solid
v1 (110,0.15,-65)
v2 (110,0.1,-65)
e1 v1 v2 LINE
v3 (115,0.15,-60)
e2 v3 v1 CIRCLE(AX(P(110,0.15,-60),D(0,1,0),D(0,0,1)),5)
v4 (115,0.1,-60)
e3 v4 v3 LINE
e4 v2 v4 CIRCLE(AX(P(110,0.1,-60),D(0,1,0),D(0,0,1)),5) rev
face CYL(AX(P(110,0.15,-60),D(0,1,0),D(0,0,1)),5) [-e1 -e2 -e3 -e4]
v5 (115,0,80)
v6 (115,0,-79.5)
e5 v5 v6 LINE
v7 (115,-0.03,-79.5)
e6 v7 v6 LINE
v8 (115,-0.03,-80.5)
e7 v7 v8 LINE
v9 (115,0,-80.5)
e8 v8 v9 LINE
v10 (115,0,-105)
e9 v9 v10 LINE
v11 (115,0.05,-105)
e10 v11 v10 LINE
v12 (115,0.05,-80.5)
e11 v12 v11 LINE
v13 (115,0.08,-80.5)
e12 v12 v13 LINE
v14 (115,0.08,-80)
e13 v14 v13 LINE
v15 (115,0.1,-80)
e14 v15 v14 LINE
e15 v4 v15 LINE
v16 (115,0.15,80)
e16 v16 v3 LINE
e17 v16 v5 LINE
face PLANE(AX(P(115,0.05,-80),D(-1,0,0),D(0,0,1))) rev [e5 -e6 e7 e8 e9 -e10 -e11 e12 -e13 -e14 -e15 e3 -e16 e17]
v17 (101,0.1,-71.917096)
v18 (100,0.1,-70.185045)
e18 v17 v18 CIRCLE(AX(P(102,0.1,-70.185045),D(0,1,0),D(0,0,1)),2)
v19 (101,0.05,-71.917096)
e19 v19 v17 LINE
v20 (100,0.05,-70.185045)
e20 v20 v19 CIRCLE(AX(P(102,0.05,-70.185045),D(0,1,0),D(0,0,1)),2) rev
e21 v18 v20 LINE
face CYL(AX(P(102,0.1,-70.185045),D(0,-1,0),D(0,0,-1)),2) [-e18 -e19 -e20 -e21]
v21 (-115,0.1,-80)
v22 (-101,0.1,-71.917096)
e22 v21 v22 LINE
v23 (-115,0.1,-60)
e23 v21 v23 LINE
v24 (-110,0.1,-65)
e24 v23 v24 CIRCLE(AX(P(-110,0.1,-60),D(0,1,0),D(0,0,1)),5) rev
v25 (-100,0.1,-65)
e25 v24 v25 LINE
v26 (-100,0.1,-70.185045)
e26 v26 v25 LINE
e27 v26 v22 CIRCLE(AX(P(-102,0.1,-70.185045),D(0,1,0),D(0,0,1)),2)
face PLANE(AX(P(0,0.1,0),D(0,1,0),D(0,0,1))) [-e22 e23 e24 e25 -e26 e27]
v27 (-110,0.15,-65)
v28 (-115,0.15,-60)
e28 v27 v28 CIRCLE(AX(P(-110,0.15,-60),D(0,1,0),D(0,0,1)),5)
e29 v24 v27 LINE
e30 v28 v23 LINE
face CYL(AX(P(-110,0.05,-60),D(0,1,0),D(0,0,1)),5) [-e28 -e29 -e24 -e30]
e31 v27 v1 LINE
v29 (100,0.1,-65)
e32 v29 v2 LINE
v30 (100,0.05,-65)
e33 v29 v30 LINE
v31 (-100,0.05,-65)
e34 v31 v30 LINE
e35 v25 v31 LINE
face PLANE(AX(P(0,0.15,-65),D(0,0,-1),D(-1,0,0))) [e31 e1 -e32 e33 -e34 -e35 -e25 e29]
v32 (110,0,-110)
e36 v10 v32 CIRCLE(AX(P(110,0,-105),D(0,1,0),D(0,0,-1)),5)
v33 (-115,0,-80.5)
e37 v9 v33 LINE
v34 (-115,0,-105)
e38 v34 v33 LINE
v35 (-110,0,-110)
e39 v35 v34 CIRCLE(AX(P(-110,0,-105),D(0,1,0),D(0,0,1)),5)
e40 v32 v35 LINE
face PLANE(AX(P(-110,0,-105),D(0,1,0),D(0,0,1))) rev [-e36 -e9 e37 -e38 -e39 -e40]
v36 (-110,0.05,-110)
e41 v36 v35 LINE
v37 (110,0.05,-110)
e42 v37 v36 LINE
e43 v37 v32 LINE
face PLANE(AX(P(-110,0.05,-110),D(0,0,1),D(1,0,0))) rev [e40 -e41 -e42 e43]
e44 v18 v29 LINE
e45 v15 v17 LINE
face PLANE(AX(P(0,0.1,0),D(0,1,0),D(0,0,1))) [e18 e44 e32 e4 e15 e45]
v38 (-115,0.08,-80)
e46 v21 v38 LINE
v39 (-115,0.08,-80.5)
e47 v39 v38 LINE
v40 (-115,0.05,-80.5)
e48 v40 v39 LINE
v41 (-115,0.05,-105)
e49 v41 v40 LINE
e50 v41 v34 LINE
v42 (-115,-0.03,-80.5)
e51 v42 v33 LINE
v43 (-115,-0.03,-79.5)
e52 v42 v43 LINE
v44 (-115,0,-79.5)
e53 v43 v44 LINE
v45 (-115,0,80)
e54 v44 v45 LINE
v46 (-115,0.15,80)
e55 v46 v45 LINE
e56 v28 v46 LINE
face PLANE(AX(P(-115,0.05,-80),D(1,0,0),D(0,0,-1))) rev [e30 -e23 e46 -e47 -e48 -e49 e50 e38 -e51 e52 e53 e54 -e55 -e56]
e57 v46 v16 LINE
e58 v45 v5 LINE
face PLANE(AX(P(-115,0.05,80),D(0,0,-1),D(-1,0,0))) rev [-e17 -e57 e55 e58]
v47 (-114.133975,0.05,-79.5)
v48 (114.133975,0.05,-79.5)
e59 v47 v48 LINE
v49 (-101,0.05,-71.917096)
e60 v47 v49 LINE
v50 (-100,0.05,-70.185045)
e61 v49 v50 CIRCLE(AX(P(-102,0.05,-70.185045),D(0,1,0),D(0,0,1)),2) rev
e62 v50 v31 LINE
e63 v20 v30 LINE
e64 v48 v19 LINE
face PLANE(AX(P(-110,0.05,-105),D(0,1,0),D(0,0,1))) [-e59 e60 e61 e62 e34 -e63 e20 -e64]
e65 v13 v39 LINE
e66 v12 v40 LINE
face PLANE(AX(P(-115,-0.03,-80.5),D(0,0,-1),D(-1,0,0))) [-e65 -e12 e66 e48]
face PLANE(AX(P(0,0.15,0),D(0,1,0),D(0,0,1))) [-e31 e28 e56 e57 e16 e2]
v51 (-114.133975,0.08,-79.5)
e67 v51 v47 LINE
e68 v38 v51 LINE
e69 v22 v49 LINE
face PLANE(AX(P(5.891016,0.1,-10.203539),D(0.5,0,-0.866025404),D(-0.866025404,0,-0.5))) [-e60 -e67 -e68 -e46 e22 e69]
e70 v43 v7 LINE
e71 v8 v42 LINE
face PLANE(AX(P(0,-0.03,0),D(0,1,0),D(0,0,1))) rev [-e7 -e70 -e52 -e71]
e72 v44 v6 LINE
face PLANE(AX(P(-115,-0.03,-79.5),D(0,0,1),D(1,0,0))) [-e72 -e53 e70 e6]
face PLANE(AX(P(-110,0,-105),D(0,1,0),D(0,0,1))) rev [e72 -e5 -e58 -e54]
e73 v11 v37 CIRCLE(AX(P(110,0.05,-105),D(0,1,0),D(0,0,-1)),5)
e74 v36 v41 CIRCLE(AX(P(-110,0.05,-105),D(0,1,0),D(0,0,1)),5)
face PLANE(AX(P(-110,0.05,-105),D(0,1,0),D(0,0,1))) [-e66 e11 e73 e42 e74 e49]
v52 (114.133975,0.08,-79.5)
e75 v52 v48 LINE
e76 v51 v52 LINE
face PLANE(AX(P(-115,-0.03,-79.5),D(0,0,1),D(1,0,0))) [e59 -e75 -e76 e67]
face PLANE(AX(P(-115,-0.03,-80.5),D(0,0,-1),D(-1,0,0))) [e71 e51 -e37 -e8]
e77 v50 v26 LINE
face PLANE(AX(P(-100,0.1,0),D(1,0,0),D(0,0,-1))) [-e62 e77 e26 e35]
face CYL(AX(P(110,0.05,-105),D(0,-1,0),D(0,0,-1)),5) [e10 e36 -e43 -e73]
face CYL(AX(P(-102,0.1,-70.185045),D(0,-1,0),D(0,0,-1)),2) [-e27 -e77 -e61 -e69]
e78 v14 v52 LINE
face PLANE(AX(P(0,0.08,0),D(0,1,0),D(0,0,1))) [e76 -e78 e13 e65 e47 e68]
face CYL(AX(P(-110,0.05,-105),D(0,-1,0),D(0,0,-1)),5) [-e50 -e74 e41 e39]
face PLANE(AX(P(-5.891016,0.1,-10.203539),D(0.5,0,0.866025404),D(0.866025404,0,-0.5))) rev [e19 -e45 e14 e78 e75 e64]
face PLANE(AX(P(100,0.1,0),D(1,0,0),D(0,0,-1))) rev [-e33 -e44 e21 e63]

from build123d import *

# Parameters (mm, degrees)
BOSS_EXTRUDE1_DEPTH      = 0.05
SKETCH2_W                = 230
SKETCH2_H                = 145
BOSS_EXTRUDE2_DEPTH      = 0.1
BOSS_EXTRUDE3_DEPTH      = 0.05
BOSS_EXTRUDE7_DEPTH      = 0.03
BOSS_EXTRUDE7_DEPTH_BACK = 0.08
SKETCH3_W                = 230
SKETCH3_H                = 1
FILLET1_R                = 5
FILLET2_R                = 2


with BuildPart() as part:
    # Sketch1 → Boss-Extrude1 (new body)
    with BuildSketch(Plane(origin=(0, 0, 0), x_dir=(1, 0, 0), z_dir=(0, 1, 0))):
        with BuildLine():
            Line((-115, 80), (-115, -80))
            Line((-115, -80), (115, -80))
            Line((115, -80), (115, 80))
            Line((115, 80), (115, 105))
            ThreePointArc((115, 105), (113.535533906, 108.535533906), (110, 110))
            Line((110, 110), (-110, 110))
            ThreePointArc((-110, 110), (-113.535533906, 108.535533906), (-115, 105))
            Line((-115, 105), (-115, 80))
        make_face()
    extrude(amount=BOSS_EXTRUDE1_DEPTH)

    # Sketch2 → Boss-Extrude2 (add)
    with BuildSketch(Plane(origin=(0, 0.05, 0), x_dir=(1, 0, 0), z_dir=(0, 1, 0))):
        with Locations((0, -7.5)):
            Rectangle(SKETCH2_W, SKETCH2_H)
    extrude(amount=BOSS_EXTRUDE2_DEPTH)

    # Sketch2<3> → Boss-Extrude3 (add)
    with BuildSketch(Plane(origin=(0, 0.05, 0), x_dir=(1, 0, 0), z_dir=(0, 1, 0))):
        Polygon((-115, 80), (-115, 65), (-100, 65), (-100, 71.339745962), align=None)
        Polygon((100, 71.339745962), (100, 65), (115, 65), (115, 80), align=None)
    extrude(amount=BOSS_EXTRUDE3_DEPTH)

    # Sketch3 → Boss-Extrude7 (add, two sides: drawn at the far end of the back side and taken through both)
    with BuildSketch(Plane(origin=(0, 0.05, 0), x_dir=(1, 0, 0), z_dir=(0, 1, 0)).offset(-BOSS_EXTRUDE7_DEPTH_BACK)):
        with Locations((0, 80)):
            Rectangle(SKETCH3_W, SKETCH3_H)
    extrude(amount=BOSS_EXTRUDE7_DEPTH + BOSS_EXTRUDE7_DEPTH_BACK)

    # Fillet1
    fillet1_edges = [part.edges().sort_by_distance(p)[0] for p in [
        (115, 0.125, -65),
        (-115, 0.125, -65),
    ]]
    fillet(fillet1_edges, radius=FILLET1_R)

    # Fillet2
    fillet2_edges = [part.edges().sort_by_distance(p)[0] for p in [
        (100, 0.075, -71.339745962),
        (-100, 0.075, -71.339745962),
    ]]
    fillet(fillet2_edges, radius=FILLET2_R)


solid = part.part
